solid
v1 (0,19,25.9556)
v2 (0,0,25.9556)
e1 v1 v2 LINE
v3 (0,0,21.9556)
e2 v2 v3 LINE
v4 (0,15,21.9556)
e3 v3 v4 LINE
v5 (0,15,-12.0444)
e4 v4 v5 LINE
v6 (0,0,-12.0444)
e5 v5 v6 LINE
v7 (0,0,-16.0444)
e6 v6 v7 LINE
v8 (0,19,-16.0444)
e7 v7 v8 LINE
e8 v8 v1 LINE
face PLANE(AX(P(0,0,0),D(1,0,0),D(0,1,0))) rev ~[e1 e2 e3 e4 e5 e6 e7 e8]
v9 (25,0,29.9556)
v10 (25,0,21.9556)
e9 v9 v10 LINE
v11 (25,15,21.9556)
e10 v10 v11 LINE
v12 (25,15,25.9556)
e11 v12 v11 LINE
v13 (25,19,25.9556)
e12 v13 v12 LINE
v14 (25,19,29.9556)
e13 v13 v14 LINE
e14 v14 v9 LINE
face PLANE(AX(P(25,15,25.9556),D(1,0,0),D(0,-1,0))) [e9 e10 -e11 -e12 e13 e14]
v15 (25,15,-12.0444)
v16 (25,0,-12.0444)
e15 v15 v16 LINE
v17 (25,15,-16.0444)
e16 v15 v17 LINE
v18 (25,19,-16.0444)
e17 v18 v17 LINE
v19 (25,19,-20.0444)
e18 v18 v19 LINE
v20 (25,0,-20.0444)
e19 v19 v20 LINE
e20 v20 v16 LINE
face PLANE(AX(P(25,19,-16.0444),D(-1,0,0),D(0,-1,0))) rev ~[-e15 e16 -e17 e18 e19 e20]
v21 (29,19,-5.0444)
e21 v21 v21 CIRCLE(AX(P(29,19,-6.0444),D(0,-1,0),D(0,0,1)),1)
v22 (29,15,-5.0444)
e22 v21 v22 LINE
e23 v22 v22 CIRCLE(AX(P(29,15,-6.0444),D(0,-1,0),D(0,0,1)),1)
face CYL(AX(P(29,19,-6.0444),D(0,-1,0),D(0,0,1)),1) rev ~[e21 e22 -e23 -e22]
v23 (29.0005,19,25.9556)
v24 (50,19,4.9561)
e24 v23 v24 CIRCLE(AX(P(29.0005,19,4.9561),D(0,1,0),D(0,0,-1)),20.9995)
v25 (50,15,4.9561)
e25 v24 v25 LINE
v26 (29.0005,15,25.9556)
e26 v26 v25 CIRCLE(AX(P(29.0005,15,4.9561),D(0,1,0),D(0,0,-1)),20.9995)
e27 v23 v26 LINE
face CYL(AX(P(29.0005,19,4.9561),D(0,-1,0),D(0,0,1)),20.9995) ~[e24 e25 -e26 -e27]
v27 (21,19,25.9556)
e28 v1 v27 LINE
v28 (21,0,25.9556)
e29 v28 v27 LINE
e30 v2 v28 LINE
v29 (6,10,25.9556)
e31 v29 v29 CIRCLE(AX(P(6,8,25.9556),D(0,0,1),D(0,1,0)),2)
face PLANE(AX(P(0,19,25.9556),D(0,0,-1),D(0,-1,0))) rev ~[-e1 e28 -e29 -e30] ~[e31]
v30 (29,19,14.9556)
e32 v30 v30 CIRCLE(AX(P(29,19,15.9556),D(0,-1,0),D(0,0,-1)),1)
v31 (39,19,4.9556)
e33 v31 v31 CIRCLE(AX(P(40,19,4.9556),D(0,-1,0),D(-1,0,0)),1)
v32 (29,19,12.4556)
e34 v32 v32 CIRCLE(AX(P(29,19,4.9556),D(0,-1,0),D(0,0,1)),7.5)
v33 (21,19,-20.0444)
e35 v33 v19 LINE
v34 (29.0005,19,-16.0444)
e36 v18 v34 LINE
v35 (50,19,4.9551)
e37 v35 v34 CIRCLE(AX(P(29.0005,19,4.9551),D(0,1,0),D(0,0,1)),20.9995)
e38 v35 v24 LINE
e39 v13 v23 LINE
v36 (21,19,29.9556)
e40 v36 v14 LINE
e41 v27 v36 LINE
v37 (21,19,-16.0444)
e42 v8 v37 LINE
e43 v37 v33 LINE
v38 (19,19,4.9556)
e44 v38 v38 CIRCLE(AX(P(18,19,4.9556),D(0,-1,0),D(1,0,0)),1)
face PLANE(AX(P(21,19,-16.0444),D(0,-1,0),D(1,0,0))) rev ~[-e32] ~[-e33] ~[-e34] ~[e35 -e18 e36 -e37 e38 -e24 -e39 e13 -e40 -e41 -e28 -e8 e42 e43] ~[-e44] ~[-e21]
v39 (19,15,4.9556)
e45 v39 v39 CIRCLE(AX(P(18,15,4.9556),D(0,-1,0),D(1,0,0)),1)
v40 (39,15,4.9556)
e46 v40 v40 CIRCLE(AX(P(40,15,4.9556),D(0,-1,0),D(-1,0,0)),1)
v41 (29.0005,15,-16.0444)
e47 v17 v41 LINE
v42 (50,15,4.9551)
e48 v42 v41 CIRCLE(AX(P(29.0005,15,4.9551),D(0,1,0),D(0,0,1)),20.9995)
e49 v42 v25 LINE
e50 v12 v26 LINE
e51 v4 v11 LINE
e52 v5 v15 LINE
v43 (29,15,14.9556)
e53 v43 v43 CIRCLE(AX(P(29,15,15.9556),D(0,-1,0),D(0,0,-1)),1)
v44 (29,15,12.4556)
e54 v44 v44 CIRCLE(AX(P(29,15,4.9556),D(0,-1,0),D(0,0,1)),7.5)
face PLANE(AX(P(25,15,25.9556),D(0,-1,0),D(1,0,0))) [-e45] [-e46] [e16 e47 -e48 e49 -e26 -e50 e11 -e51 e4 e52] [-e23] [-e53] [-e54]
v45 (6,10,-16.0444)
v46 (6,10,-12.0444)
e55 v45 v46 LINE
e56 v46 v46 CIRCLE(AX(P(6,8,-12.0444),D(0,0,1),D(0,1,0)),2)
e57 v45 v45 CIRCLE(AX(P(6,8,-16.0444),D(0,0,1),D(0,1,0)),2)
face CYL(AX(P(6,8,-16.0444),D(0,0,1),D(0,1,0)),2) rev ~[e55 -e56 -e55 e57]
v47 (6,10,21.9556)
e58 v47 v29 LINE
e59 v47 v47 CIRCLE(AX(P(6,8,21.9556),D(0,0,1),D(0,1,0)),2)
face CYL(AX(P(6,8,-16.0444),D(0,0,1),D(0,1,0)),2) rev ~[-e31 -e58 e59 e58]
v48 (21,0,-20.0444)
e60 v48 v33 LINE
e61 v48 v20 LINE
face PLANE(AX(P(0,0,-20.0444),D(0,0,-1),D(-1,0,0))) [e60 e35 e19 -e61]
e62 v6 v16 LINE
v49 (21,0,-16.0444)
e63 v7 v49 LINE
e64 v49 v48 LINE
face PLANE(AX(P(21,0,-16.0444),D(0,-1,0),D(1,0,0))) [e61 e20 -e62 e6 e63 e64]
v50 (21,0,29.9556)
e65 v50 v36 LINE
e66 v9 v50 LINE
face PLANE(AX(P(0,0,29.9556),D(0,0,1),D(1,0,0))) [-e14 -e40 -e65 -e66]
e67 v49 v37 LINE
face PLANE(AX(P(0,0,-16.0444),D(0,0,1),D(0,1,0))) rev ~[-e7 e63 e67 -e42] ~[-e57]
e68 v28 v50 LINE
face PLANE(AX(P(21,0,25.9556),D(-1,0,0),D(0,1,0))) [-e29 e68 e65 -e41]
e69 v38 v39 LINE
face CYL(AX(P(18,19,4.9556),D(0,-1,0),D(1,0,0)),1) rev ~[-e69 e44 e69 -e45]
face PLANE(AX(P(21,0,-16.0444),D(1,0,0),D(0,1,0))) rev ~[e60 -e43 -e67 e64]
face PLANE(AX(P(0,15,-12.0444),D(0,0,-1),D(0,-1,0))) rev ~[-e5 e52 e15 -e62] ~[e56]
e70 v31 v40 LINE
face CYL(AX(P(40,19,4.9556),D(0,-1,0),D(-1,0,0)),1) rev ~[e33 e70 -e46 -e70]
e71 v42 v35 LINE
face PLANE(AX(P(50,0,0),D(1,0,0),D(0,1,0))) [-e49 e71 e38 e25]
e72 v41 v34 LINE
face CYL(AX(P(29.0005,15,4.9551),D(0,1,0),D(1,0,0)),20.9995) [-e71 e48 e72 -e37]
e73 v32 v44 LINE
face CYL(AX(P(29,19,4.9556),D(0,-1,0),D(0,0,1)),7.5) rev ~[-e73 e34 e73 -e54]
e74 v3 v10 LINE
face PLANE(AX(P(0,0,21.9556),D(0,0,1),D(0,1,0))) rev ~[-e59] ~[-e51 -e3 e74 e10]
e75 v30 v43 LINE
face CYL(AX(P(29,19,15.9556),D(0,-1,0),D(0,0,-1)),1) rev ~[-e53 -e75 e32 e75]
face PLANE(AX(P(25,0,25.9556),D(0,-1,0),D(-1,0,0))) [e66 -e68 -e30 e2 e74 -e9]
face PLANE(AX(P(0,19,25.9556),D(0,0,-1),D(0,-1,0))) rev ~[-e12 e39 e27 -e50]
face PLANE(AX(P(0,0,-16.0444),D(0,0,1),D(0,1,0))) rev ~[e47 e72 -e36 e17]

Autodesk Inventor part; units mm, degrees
ref_plane "YZ Plane" through (0, 0, 0) normal (1, 0, 0) x (0, 1, 0)
ref_plane "XZ Plane" through (0, 0, 0) normal (0, 1, 0) x (-1, 0, 0)
ref_plane "XY Plane" through (0, 0, 0) normal (0, 0, 1) x (1, 0, 0)
sketch "Sketch1" plane through (0, 0, 0) normal (1, 0, 0) x (0, 1, 0)
  line L0 (0, 25.9556) -> (0, 21.9556)
  line L1 (0, 21.9556) -> (15, 21.9556)
  line L2 (15, 21.9556) -> (15, -12.0444)
  line L3 (15, -12.0444) -> (0, -12.0444)
  line L4 (0, -12.0444) -> (0, -16.0444)
  line L5 (0, -16.0444) -> (19, -16.0444)
  line L6 (19, -16.0444) -> (19, 25.9556)
  line L7 (19, 25.9556) -> (0, 25.9556)
  point P0 (0, 0)
  dimension "d0" = 4
  dimension "d1" = 4
  dimension "d2" = 15
  dimension "d3" = 42
extrude "Extrusion1" add sketch "Sketch1" along normal blind 50
sketch "Sketch2" plane through (0, 0, 25.9556) normal (0, 0, 1) x (1, 0, 0)
  line L0 (50, 0) -> (25, 0)
  line L1 (25, 0) -> (25, 15)
  line L2 (25, 15) -> (50, 15)
  line L3 (50, 15) -> (50, 0)
  point P0 (0, 0)
  dimension "d6" = 15
  dimension "d7" = 25
extrude "Extrusion2" cut sketch "Sketch2" against normal blind 50
fillet "Fillet1" radius 21 2 edges at (50, 17, 25.9556) (50, 17, -16.0444)
hole "Hole1" at (29, 19, 4.9556) direction (0, -1, 0) diameter 15 depth 8 tip angle 118
hole "Hole2" at (29, 19, -6.0444) direction (0, -1, 0) diameter 2 depth 8 tip angle 118
hole "Hole6" at (6, 8, -16.0444) direction (0, 0, 1) diameter 4 depth 42
pattern_circular "Circular Pattern1" count 4 over 360 about axis through (29, 15, 4.9556) along (0, 1, 0) of "Hole2"
sketch "Sketch3" plane through (0, 0, 25.9556) normal (0, 0, 1) x (1, 0, 0)
  line L0 (25, 15) -> (25, 0) projected
  line L1 (0, 19) -> (29, 19) projected
  line L2 (25, 0) -> (21, 0)
  line L3 (21, 0) -> (21, 19)
  line L4 (21, 19) -> (25, 19)
  line L5 (25, 19) -> (25, 0)
  point P0 (0, 0)
  dimension "d68" = 4
extrude "Extrusion3" add sketch "Sketch3" along normal blind 4
sketch "Sketch4" plane through (0, 0, -16.0444) normal (0, 0, -1) x (-1, 0, 0)
  line L0 (0, 0) -> (-25, 0) projected
  line L1 (0, 19) -> (-21, 19) projected
  line L2 (-25, 0) -> (-21, 0)
  line L3 (-21, 0) -> (-21, 19)
  line L4 (-21, 19) -> (-25, 19)
  line L5 (-25, 19) -> (-25, 0)
  dimension "d73" = 4
extrude "Extrusion4" add sketch "Sketch4" along normal blind 4
properties part number "BaseJointMotorMount"
